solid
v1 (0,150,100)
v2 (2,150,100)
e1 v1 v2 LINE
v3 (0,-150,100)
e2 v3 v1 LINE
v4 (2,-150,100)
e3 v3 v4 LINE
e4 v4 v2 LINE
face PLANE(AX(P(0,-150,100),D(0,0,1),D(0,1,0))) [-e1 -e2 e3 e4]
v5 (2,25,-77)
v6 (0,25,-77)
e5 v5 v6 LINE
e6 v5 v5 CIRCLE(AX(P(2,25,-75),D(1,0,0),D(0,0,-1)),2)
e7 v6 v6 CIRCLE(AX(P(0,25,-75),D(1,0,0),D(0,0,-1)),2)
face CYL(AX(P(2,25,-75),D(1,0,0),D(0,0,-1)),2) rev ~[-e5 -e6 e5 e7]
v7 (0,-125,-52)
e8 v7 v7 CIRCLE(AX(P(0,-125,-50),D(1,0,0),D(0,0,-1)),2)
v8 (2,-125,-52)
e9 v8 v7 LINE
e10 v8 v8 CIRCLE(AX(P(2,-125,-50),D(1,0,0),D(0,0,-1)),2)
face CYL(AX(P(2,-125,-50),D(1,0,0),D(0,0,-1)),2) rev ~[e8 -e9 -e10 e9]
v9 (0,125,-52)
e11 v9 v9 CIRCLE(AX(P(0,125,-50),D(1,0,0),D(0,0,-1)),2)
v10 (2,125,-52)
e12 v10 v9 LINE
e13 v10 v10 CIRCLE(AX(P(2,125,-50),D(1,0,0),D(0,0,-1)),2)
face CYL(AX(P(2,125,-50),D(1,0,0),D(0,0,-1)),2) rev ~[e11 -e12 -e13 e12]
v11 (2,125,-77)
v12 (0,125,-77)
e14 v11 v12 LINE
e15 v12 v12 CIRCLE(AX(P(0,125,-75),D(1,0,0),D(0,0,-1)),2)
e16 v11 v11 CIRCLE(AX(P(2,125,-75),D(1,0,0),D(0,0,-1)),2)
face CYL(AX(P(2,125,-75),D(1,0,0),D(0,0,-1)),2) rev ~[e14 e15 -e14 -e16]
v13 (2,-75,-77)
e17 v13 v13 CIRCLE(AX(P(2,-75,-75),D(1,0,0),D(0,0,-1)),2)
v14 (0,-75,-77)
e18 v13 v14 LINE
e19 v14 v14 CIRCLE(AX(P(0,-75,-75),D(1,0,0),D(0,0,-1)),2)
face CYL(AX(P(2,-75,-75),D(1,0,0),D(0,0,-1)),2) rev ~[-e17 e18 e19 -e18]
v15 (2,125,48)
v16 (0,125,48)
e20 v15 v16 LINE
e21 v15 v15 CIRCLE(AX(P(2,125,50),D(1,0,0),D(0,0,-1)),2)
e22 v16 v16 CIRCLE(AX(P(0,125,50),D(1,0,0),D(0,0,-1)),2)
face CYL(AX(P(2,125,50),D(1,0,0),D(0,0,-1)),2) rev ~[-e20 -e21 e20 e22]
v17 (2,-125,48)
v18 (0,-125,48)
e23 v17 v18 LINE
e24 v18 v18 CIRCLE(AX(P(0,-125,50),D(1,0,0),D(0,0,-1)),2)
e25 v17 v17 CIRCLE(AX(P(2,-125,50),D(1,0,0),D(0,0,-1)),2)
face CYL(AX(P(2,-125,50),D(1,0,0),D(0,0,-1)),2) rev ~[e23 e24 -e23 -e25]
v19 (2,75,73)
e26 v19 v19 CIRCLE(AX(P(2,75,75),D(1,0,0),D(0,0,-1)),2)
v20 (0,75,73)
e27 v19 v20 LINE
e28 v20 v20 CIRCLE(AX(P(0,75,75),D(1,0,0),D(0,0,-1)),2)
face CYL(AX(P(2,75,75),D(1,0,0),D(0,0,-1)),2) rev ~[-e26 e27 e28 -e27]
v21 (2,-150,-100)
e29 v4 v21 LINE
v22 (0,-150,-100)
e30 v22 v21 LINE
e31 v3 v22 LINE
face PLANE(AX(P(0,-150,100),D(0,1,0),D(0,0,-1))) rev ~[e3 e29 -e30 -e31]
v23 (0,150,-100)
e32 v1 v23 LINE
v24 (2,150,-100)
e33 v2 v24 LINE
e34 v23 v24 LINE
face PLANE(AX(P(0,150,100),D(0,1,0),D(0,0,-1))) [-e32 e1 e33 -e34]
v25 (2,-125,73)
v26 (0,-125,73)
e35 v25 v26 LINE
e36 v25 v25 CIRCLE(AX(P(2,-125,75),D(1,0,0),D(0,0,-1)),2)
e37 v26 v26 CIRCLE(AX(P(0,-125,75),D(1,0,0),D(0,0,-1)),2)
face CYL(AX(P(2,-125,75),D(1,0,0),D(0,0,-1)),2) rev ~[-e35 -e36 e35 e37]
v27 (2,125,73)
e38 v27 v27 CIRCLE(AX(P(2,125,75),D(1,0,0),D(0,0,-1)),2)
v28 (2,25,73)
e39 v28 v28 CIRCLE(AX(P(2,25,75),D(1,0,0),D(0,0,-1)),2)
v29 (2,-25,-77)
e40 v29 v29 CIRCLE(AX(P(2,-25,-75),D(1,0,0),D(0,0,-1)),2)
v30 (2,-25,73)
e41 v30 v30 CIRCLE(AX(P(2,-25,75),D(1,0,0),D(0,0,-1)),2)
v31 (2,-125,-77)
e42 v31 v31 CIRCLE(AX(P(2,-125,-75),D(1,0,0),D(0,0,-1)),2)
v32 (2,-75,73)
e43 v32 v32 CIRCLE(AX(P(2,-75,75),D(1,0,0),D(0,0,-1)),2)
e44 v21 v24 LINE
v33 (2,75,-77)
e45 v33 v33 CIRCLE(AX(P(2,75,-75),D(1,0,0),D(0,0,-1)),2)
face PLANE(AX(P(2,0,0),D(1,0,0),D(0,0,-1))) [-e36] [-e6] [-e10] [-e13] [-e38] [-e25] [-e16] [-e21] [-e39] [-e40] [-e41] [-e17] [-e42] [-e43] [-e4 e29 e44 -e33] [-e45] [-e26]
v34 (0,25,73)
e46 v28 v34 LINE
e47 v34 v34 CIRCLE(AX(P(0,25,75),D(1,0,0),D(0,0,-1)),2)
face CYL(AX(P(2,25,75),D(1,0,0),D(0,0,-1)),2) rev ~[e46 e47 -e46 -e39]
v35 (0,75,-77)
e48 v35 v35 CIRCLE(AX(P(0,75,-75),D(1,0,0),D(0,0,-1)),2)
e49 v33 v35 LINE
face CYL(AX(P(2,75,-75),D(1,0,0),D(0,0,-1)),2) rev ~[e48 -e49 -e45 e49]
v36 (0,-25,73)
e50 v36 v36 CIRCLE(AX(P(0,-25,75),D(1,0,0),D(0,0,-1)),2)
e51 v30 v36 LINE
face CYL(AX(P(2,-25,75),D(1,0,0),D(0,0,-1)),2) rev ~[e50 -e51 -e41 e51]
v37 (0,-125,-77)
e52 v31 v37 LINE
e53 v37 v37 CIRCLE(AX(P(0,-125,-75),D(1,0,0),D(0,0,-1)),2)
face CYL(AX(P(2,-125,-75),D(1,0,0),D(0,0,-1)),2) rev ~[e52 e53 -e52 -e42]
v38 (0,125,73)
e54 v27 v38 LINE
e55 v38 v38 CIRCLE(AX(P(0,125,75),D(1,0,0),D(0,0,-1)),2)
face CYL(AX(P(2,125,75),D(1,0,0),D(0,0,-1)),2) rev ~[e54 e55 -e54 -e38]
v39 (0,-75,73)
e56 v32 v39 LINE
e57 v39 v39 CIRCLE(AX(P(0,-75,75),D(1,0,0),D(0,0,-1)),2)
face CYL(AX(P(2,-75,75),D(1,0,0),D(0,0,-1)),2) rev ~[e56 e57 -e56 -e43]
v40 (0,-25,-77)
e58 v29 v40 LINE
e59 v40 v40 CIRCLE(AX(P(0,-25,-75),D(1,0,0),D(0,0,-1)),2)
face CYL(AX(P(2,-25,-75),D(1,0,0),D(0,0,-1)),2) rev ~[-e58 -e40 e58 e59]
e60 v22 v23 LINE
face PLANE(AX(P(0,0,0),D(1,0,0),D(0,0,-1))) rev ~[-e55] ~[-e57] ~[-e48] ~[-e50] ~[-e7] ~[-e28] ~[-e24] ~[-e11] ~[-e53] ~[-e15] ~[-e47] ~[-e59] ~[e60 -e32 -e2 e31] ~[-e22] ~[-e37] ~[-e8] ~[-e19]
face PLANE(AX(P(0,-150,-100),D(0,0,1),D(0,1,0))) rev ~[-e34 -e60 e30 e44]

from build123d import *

# Parameters (mm, degrees)
SKETCH_1_W          = 200
SKETCH_1_H          = 300
EXTRUDE_1_DEPTH     = 2
SKETCH_2_R          = 2
CUT_EXTRUDE_1_DEPTH = 2


with BuildPart() as part:
    # Эскиз1 → Бобышка-Вытянуть1 (new body)
    with BuildSketch(Plane(origin=(0, 0, 0), x_dir=(0, 0, -1), z_dir=(1, 0, 0))):
        Rectangle(SKETCH_1_W, SKETCH_1_H)
    extrude(amount=EXTRUDE_1_DEPTH)

    # Эскиз2 → Вырез-Вытянуть1 (cut)
    with BuildSketch(Plane(origin=(2, 0, 0), x_dir=(0, 0, -1), z_dir=(1, 0, 0))):
        with Locations((-75, 125)):
            Circle(SKETCH_2_R)
        with Locations((75, 125)):
            Circle(SKETCH_2_R)
        with Locations((75, -125)):
            Circle(SKETCH_2_R)
        with Locations((-75, -125)):
            Circle(SKETCH_2_R)
        with Locations((-75, 75)):
            Circle(SKETCH_2_R)
        with Locations((-75, 25)):
            Circle(SKETCH_2_R)
        with Locations((75, 25)):
            Circle(SKETCH_2_R)
        with Locations((75, 75)):
            Circle(SKETCH_2_R)
        with Locations((-75, -25)):
            Circle(SKETCH_2_R)
        with Locations((75, -25)):
            Circle(SKETCH_2_R)
        with Locations((75, -75)):
            Circle(SKETCH_2_R)
        with Locations((-75, -75)):
            Circle(SKETCH_2_R)
        with Locations((-50, 125)):
            Circle(SKETCH_2_R)
        with Locations((50, 125)):
            Circle(SKETCH_2_R)
        with Locations((50, -125)):
            Circle(SKETCH_2_R)
        with Locations((-50, -125)):
            Circle(SKETCH_2_R)
    extrude(amount=-CUT_EXTRUDE_1_DEPTH, mode=Mode.SUBTRACT)


solid = part.part
